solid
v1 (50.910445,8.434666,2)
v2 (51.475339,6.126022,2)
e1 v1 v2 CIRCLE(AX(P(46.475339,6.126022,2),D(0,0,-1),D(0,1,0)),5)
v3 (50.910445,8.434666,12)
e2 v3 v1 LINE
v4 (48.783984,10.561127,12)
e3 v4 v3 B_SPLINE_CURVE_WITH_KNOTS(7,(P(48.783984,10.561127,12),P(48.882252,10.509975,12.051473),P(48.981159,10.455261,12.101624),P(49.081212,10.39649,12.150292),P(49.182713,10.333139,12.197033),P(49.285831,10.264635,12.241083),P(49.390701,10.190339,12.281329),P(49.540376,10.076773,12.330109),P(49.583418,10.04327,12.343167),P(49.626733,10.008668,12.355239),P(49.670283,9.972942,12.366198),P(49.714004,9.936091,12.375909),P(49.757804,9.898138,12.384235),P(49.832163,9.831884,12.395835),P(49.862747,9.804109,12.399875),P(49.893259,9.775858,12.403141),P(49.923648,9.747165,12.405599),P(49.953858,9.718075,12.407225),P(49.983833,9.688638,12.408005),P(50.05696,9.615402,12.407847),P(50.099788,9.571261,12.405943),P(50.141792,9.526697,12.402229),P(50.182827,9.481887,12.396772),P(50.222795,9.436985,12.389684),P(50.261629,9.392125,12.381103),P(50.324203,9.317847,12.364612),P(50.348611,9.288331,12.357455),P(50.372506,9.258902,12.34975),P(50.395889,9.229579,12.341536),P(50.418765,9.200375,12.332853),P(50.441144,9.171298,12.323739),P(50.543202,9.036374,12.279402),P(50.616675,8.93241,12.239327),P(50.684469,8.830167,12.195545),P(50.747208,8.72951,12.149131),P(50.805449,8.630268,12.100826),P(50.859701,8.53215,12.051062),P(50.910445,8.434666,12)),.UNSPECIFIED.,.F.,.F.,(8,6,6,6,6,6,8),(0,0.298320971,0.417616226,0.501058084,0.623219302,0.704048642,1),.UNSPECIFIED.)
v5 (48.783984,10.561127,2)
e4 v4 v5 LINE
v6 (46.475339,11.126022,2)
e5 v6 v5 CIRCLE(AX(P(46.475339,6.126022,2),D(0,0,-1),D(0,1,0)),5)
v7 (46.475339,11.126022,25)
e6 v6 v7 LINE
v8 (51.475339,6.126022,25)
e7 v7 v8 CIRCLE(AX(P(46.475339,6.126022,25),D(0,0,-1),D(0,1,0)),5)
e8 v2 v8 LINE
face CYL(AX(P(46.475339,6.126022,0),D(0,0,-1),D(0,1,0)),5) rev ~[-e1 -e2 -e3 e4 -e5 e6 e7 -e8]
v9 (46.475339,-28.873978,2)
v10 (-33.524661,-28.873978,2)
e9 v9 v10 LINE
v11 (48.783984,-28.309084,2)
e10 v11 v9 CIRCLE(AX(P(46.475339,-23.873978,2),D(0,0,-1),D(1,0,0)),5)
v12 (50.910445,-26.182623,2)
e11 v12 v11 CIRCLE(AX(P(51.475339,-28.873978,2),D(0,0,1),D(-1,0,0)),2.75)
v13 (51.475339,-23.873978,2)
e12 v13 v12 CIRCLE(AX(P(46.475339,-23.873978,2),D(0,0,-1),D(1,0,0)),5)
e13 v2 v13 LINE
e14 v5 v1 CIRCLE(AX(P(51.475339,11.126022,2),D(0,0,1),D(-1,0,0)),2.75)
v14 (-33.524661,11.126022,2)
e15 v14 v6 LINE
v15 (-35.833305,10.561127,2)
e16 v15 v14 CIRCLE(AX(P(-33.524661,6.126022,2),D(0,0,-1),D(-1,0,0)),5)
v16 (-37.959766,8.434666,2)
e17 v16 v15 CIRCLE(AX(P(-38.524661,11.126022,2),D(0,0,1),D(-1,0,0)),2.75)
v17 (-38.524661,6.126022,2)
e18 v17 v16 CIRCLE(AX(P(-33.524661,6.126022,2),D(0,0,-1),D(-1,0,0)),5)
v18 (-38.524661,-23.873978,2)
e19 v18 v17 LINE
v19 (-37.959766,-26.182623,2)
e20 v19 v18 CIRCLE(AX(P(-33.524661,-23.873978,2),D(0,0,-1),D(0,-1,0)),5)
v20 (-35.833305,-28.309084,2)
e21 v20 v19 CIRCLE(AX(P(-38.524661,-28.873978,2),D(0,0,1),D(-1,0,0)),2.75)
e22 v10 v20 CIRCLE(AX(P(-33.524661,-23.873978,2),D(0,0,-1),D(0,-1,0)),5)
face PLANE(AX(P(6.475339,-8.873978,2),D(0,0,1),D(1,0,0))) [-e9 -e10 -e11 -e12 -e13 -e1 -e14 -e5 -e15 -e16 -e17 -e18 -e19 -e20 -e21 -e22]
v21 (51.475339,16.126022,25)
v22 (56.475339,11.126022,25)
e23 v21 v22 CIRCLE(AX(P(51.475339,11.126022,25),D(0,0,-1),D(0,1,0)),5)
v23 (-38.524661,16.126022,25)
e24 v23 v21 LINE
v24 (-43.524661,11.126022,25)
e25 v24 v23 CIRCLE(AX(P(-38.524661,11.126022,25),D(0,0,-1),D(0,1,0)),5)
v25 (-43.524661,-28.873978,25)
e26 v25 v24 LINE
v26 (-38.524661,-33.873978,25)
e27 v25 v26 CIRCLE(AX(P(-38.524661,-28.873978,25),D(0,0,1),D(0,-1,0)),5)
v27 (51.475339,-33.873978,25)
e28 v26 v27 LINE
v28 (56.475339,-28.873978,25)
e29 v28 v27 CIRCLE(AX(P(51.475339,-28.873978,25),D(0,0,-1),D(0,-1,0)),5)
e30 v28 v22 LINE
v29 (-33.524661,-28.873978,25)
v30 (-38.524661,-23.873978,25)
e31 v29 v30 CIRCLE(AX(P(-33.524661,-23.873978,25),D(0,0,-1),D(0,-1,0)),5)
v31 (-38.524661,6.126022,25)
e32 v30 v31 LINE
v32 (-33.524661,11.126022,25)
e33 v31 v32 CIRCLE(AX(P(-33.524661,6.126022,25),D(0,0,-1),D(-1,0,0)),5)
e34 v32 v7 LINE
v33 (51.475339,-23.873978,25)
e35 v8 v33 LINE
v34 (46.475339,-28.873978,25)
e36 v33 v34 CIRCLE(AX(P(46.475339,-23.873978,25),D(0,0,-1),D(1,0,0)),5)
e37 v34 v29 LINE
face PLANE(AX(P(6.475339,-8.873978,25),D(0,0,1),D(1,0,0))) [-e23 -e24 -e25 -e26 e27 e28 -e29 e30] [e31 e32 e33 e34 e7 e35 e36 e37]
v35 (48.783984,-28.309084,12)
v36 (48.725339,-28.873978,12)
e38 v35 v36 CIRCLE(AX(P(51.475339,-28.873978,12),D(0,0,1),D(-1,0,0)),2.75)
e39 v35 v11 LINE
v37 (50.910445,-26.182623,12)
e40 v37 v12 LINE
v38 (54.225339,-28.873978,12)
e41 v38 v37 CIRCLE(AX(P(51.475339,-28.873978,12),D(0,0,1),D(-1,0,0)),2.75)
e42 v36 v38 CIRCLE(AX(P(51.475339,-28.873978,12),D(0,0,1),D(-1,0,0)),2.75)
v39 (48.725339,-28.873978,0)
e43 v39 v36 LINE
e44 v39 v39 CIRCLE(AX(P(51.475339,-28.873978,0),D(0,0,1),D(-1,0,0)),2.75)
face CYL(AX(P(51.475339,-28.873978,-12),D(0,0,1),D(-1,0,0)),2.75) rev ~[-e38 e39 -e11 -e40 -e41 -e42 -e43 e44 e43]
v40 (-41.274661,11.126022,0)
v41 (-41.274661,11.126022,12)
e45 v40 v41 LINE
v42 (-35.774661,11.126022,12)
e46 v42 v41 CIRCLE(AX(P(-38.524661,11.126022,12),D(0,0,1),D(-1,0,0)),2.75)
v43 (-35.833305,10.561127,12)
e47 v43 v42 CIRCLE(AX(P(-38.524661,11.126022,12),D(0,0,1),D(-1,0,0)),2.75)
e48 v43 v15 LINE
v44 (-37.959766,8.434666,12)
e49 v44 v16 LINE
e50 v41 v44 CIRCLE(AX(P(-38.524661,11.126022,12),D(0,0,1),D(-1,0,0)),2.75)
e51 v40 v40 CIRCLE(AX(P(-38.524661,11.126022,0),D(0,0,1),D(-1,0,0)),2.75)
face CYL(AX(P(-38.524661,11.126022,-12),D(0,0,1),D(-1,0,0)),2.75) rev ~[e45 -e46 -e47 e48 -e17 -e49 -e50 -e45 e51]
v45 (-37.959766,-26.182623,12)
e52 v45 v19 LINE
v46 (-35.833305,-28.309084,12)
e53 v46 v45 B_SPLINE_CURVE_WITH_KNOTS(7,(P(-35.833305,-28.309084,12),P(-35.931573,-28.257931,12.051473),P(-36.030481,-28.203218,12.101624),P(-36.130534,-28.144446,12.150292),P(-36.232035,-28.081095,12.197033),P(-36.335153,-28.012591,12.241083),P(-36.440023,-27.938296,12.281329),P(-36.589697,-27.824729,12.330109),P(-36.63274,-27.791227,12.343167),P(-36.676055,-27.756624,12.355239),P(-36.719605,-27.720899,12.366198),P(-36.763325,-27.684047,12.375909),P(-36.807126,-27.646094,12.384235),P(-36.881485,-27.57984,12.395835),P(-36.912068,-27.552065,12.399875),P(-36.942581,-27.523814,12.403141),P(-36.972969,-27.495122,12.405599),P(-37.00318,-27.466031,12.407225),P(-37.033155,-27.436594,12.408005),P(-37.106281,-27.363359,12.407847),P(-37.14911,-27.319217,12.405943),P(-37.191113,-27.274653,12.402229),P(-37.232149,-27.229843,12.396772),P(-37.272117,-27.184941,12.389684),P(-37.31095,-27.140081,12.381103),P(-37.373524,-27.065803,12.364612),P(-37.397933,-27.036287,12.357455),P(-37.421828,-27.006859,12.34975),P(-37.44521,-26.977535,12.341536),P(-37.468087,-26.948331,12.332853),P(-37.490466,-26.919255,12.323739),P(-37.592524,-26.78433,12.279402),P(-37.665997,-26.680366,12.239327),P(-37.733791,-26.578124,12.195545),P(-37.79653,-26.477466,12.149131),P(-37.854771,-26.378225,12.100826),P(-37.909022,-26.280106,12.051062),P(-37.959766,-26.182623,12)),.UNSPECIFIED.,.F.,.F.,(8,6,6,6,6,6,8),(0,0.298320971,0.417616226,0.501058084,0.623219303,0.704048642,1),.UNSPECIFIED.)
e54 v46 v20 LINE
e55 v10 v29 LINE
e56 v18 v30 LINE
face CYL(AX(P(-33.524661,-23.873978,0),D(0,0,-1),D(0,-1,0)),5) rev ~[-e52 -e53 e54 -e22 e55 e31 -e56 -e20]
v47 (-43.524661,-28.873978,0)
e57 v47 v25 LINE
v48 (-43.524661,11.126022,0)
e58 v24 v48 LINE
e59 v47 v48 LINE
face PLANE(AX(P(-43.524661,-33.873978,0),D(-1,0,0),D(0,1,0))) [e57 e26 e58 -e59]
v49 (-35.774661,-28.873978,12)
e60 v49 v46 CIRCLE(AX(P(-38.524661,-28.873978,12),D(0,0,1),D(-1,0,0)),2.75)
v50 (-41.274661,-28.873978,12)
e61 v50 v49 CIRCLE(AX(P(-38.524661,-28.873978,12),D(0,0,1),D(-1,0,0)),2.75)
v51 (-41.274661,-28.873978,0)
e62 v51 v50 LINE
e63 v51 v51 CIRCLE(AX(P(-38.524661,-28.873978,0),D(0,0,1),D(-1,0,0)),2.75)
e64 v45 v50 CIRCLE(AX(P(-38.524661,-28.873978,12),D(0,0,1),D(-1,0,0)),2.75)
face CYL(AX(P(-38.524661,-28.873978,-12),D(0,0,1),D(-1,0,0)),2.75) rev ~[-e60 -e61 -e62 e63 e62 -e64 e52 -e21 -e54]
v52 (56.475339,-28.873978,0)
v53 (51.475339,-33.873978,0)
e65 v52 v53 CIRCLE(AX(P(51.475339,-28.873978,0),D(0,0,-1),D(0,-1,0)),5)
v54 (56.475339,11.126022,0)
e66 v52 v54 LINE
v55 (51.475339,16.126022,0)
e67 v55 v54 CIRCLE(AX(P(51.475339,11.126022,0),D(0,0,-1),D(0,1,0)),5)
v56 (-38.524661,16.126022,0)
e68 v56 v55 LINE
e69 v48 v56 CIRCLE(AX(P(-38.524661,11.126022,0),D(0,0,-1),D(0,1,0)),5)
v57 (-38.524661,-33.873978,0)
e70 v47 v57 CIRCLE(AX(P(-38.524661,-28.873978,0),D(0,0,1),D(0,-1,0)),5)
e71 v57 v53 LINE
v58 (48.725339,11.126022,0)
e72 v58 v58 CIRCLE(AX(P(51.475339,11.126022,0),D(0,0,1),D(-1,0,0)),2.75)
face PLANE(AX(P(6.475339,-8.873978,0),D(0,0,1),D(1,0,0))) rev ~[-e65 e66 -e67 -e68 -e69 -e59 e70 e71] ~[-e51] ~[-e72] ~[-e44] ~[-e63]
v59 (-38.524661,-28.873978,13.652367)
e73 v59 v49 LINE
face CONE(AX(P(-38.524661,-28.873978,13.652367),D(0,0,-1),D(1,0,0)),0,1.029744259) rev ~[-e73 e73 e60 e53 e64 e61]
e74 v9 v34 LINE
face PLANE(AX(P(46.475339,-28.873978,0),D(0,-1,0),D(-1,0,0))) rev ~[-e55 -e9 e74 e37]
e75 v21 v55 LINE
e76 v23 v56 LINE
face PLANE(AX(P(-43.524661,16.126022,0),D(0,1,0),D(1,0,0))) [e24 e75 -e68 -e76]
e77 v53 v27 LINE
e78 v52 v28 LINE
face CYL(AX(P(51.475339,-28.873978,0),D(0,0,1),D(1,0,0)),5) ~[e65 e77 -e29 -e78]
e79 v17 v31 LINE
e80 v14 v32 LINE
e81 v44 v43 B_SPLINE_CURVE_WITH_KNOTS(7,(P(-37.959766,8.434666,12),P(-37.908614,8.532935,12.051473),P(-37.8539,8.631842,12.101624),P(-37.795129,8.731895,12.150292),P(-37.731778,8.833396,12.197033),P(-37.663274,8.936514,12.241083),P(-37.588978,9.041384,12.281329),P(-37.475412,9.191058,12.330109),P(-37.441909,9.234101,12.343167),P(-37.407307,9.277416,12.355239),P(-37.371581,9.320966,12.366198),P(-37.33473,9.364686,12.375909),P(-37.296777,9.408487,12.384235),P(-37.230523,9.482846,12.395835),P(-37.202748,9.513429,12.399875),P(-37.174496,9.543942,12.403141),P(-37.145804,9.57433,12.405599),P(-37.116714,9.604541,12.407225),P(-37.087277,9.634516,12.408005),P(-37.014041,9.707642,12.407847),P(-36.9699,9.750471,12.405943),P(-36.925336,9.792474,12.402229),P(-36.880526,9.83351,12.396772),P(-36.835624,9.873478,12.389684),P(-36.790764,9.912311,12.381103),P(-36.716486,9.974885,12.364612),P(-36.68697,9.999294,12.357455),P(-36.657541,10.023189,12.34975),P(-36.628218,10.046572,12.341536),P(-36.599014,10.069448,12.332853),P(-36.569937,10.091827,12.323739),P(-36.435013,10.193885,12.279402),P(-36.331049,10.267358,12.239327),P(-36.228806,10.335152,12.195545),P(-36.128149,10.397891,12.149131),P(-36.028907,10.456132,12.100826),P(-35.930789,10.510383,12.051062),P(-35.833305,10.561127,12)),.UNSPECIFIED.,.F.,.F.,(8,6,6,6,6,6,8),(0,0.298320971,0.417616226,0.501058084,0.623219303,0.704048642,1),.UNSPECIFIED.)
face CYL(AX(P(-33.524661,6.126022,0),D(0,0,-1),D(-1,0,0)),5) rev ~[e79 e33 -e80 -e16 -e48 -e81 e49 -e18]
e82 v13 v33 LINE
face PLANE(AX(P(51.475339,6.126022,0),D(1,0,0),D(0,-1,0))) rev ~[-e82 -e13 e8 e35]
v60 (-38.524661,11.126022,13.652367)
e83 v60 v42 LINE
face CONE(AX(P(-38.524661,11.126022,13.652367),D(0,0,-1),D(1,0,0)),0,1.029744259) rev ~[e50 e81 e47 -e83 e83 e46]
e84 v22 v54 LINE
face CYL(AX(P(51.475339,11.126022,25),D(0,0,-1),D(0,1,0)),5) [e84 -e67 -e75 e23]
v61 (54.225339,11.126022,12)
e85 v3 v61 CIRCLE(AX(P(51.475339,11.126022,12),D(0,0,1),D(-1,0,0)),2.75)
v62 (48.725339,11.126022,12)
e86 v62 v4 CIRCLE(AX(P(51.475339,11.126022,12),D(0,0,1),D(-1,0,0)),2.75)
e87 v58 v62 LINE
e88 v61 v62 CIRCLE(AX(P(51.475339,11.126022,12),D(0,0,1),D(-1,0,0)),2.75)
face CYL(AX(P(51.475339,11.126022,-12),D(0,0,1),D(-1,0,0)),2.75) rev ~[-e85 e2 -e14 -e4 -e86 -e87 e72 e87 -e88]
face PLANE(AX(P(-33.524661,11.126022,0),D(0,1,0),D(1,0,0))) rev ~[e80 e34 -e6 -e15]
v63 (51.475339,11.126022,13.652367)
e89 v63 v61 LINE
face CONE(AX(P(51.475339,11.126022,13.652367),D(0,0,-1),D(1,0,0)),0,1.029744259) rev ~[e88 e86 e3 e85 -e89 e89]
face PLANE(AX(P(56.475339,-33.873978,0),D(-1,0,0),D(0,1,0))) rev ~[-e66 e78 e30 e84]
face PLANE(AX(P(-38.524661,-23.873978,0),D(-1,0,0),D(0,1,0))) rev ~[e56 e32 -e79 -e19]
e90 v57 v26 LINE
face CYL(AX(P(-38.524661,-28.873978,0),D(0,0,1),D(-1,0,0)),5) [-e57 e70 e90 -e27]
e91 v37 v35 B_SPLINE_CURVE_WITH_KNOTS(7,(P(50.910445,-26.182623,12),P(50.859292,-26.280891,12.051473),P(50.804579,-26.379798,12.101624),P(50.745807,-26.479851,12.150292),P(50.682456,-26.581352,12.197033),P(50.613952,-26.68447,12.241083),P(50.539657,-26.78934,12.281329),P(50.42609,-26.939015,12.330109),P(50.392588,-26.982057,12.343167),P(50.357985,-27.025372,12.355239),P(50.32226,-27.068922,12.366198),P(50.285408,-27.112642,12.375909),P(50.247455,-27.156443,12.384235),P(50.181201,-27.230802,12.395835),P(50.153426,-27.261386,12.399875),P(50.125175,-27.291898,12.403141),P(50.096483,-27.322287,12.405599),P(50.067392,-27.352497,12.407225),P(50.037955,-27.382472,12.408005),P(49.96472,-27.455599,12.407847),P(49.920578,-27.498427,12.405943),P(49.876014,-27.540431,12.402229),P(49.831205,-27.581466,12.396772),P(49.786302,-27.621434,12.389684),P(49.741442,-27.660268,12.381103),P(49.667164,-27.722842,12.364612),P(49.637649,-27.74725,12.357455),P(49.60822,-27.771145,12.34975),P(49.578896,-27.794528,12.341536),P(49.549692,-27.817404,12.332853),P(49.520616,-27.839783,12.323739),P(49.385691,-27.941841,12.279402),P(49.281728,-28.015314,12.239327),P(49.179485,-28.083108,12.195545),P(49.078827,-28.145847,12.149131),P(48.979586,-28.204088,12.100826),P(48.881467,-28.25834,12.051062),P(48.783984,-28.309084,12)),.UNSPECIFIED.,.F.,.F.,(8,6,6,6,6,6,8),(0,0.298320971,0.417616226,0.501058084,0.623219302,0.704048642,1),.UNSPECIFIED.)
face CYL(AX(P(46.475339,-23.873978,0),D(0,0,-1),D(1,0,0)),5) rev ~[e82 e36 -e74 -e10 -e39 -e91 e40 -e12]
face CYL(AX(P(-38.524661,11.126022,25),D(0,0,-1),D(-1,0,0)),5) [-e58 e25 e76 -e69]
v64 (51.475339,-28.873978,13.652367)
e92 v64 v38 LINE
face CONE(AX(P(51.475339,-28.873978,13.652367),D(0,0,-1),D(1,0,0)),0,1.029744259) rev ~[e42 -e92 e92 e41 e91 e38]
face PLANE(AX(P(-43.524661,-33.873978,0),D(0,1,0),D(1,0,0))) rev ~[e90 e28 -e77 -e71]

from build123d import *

# Parameters (mm, degrees)
F0_W     = 100
F0_H     = 50
F1_DEPTH = 25
F2_DEPTH = 2
F3_R     = 5
F4_D     = 5.5
F4_DEPTH = 12
F4_TIP   = 1.6523667023


with BuildPart() as f1:
    # F0 (on Top) → F1 (new body)
    with BuildSketch(Plane.XY):
        with Locations((6.475339179, -8.8739781123)):
            Rectangle(F0_W, F0_H)
        with BuildLine():
            ThreePointArc((-38.524660821, 6.1260218877), (-37.0601947269, 9.6615557936), (-33.524660821, 11.1260218877))
            Line((-33.524660821, 11.1260218877), (46.475339179, 11.1260218877))
            ThreePointArc((46.475339179, 11.1260218877), (50.010873085, 9.6615557936), (51.475339179, 6.1260218877))
            Line((51.475339179, 6.1260218877), (51.475339179, -23.8739781123))
            ThreePointArc((51.475339179, -23.8739781123), (50.010873085, -27.4095120182), (46.475339179, -28.8739781123))
            Line((46.475339179, -28.8739781123), (-33.524660821, -28.8739781123))
            ThreePointArc((-33.524660821, -28.8739781123), (-37.0601947269, -27.4095120182), (-38.524660821, -23.8739781123))
            Line((-38.524660821, -23.8739781123), (-38.524660821, 6.1260218877))
        make_face(mode=Mode.SUBTRACT)
    extrude(amount=F1_DEPTH)

    # F0 (on Top) → F2 (join)
    with BuildSketch(Plane.XY):
        with Locations((6.475339179, -8.8739781123)):
            Rectangle(F0_W, F0_H)
        with BuildLine():
            ThreePointArc((-38.524660821, 6.1260218877), (-37.0601947269, 9.6615557936), (-33.524660821, 11.1260218877))
            Line((-33.524660821, 11.1260218877), (46.475339179, 11.1260218877))
            ThreePointArc((46.475339179, 11.1260218877), (50.010873085, 9.6615557936), (51.475339179, 6.1260218877))
            Line((51.475339179, 6.1260218877), (51.475339179, -23.8739781123))
            ThreePointArc((51.475339179, -23.8739781123), (50.010873085, -27.4095120182), (46.475339179, -28.8739781123))
            Line((46.475339179, -28.8739781123), (-33.524660821, -28.8739781123))
            ThreePointArc((-33.524660821, -28.8739781123), (-37.0601947269, -27.4095120182), (-38.524660821, -23.8739781123))
            Line((-38.524660821, -23.8739781123), (-38.524660821, 6.1260218877))
        make_face(mode=Mode.SUBTRACT)
        with BuildLine():
            Line((46.475339179, 11.1260218877), (-33.524660821, 11.1260218877))
            ThreePointArc((-33.524660821, 11.1260218877), (-37.0601947269, 9.6615557936), (-38.524660821, 6.1260218877))
            Line((-38.524660821, 6.1260218877), (-38.524660821, -23.8739781123))
            ThreePointArc((-38.524660821, -23.8739781123), (-37.0601947269, -27.4095120182), (-33.524660821, -28.8739781123))
            Line((-33.524660821, -28.8739781123), (46.475339179, -28.8739781123))
            ThreePointArc((46.475339179, -28.8739781123), (50.010873085, -27.4095120182), (51.475339179, -23.8739781123))
            Line((51.475339179, -23.8739781123), (51.475339179, 6.1260218877))
            ThreePointArc((51.475339179, 6.1260218877), (50.010873085, 9.6615557936), (46.475339179, 11.1260218877))
        make_face()
    extrude(amount=F2_DEPTH)

    # F3
    f3_edges = [f1.edges().sort_by_distance(p)[0] for p in [
        (-43.524661, -33.873978, 12.5),
        (56.475339, -33.873978, 12.5),
        (56.475339, 16.126022, 12.5),
        (-43.524661, 16.126022, 12.5),
    ]]
    fillet(f3_edges, radius=F3_R)

    # F4
    with Locations(Plane(origin=(0, 0, 0), x_dir=(1, 0, 0), z_dir=(0, 0, -1))):
        with Locations((51.475339179, -11.1260218877), (51.475339179, 28.8739781123), (-38.524660821, 28.8739781123), (-38.524660821, -11.1260218877)):
            Hole(F4_D / 2, depth=F4_DEPTH)
            with Locations((0, 0, -(F4_DEPTH + F4_TIP / 2))):  # 118° drill point
                Cone(0, F4_D / 2, F4_TIP, mode=Mode.SUBTRACT)


solid = f1.part
